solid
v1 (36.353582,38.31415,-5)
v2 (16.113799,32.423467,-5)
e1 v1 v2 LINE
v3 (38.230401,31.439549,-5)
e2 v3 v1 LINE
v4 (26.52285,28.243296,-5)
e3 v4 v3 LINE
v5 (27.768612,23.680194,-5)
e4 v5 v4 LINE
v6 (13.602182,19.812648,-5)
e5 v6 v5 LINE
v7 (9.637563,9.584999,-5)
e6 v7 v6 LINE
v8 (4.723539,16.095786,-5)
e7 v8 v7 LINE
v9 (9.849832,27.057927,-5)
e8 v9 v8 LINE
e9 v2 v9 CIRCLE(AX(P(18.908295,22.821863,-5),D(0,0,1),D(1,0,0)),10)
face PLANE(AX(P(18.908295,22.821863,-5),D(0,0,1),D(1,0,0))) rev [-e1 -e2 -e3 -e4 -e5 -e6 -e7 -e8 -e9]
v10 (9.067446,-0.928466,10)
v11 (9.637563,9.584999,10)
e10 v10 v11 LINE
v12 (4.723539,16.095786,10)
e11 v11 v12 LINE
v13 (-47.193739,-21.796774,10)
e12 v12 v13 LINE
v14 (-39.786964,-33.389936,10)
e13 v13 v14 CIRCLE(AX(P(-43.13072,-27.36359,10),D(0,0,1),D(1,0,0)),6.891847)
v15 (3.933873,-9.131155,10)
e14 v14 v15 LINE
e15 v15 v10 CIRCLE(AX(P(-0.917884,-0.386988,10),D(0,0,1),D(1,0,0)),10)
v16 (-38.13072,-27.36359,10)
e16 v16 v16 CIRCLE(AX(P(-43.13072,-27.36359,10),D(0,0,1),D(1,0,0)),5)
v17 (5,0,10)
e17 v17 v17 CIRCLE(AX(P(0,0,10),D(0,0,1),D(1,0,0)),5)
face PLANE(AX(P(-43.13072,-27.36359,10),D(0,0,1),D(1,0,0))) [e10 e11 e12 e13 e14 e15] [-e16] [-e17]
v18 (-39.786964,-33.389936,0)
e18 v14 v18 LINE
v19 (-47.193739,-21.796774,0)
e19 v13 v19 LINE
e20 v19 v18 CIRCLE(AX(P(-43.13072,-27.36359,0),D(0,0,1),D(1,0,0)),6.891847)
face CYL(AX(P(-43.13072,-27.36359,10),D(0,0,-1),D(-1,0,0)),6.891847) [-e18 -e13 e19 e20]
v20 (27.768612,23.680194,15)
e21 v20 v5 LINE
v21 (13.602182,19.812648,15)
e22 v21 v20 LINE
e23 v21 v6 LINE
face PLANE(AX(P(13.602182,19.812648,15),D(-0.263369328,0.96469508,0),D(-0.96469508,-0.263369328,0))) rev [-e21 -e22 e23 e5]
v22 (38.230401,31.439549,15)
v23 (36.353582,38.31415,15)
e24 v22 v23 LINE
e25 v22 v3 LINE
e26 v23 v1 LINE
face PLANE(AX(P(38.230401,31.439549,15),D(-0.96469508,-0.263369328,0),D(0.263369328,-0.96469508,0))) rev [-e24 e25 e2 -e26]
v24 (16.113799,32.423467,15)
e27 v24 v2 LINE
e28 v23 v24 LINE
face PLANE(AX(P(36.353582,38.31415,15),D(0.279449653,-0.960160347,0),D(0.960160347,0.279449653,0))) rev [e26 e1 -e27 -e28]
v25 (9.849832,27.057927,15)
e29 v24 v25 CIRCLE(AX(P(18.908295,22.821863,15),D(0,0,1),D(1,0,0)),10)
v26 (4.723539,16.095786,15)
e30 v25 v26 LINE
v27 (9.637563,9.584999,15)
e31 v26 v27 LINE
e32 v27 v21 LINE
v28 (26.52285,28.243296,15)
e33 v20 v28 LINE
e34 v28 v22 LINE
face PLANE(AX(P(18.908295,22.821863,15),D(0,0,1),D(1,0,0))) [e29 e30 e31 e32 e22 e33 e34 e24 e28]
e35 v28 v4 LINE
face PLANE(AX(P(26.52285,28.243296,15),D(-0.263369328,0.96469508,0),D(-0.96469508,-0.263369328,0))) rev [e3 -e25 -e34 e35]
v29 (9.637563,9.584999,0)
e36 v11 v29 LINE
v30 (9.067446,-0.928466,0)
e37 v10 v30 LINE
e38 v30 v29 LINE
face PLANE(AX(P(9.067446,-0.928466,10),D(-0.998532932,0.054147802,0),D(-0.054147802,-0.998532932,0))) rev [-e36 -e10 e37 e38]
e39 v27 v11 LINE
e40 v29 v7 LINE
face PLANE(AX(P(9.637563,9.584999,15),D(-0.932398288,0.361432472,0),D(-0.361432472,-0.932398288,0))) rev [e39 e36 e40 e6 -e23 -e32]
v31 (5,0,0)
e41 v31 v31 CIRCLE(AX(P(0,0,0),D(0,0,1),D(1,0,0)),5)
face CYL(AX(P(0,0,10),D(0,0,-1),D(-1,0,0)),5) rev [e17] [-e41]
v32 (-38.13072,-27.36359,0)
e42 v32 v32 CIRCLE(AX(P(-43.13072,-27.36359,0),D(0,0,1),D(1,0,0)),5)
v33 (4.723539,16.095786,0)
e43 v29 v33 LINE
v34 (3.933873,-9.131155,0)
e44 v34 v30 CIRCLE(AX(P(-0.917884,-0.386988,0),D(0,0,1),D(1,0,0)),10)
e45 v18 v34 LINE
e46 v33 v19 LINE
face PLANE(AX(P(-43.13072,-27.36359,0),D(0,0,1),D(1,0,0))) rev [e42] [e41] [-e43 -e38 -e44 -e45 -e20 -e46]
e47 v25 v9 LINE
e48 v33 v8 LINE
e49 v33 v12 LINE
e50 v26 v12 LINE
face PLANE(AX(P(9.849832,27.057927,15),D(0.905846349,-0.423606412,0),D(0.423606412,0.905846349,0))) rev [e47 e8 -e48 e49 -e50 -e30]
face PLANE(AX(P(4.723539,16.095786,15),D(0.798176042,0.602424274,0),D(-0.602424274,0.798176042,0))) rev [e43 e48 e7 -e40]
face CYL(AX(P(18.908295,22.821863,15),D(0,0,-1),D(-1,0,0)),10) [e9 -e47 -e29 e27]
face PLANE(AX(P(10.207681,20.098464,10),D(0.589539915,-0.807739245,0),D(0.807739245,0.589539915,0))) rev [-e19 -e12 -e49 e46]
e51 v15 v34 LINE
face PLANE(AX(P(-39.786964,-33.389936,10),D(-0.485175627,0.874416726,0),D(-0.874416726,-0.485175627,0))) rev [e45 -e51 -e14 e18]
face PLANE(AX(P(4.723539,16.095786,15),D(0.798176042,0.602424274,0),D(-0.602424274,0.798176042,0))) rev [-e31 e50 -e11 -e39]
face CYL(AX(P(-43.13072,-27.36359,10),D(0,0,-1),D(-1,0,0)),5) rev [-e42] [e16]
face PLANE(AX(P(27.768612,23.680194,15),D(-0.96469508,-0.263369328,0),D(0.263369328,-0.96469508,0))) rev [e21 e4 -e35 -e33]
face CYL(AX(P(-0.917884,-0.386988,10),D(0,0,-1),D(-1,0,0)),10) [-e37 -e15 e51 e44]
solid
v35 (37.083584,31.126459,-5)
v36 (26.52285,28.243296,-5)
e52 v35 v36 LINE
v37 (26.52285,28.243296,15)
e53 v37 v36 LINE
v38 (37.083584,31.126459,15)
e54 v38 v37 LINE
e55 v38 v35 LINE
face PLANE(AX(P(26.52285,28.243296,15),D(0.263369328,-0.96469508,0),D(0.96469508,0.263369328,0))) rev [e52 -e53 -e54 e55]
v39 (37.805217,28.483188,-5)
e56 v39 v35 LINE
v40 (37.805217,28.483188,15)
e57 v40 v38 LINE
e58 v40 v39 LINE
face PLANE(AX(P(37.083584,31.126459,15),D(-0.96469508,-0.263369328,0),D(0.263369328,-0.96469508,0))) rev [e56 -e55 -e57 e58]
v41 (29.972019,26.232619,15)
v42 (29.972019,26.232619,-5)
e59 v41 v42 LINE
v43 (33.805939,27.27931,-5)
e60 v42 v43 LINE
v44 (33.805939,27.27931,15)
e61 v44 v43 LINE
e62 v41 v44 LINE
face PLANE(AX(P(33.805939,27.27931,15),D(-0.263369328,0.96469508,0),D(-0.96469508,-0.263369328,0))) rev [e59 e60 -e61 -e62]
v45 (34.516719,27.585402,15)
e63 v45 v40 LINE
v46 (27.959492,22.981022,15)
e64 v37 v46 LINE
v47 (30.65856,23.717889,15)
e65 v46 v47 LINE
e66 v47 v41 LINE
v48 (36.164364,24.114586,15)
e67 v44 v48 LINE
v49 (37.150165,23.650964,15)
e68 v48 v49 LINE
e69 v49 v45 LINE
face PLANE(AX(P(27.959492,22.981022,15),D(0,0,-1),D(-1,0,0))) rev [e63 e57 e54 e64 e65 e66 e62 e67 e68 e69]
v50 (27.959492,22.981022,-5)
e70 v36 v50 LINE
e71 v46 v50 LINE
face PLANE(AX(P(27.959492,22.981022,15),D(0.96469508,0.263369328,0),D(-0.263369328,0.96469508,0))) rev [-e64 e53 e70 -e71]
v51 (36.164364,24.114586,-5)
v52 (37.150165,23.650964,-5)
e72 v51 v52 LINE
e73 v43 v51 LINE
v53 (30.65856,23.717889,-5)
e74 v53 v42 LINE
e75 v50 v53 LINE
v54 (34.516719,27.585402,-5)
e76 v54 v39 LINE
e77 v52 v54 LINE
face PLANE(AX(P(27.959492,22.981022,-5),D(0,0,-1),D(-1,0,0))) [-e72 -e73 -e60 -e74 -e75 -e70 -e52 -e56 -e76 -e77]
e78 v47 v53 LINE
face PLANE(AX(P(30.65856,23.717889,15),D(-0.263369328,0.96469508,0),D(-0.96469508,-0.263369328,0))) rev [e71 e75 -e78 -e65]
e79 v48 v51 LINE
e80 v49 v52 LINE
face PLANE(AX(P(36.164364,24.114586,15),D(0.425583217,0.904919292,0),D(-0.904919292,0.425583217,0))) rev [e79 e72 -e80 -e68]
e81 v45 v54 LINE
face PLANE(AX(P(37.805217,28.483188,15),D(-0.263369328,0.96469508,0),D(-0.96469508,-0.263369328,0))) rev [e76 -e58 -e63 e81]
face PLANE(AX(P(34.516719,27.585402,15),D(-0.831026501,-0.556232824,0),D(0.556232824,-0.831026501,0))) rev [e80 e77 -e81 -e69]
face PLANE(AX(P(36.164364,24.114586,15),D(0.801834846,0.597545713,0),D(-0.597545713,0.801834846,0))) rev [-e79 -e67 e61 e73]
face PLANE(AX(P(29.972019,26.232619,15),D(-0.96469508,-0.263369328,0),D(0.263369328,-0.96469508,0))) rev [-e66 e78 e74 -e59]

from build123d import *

# Parameters (mm, degrees)
SKETCH_1_R      = 5
EXTRUDE_1_DEPTH = 10
EXTRUDE_2_DEPTH = 10
EXTRUDE_3_DEPTH = 10


with BuildPart() as part:
    # 草图1 → 凸台-拉伸1 (new body)
    with BuildSketch(Plane.XY):
        with BuildLine():
            Line((10.207680571, 20.09846448), (-47.193739247, -21.796773851))
            ThreePointArc((-47.193739247, -21.796773851), (-48.938446672, -31.074098067), (-39.786963622, -33.389936271))
            Line((-39.786963622, -33.389936271), (3.933872673, -9.131154899))
            ThreePointArc((3.933872673, -9.131154899), (7.558896736, -5.692097923), (9.067445715, -0.928465662))
            Line((9.067445715, -0.928465662), (10.207680571, 20.09846448))
        make_face()
        Circle(SKETCH_1_R, mode=Mode.SUBTRACT)
        with Locations((-43.130720056, -27.363589547)):
            Circle(SKETCH_1_R, mode=Mode.SUBTRACT)
    extrude(amount=EXTRUDE_1_DEPTH)

    # 草图2 → 凸台-拉伸2 (add, symmetric)
    with BuildSketch(Plane.XY.offset(5)):
        with BuildLine():
            Line((9.637563143, 9.584999409), (13.60218242, 19.812647766))
            Line((13.60218242, 19.812647766), (27.768612438, 23.680194348))
            Line((27.768612438, 23.680194348), (26.522849943, 28.243295743))
            Line((26.522849943, 28.243295743), (38.23040149, 31.439549204))
            Line((38.23040149, 31.439549204), (36.353581581, 38.314149761))
            Line((36.353581581, 38.314149761), (16.113798559, 32.423466643))
            ThreePointArc((16.113798559, 32.423466643), (12.402880543, 30.416570646), (9.849831601, 27.057927293))
            Line((9.849831601, 27.057927293), (4.723539283, 16.095786375))
            Line((4.723539283, 16.095786375), (9.637563143, 9.584999409))
        make_face()
    extrude(amount=EXTRUDE_2_DEPTH, both=True)


with BuildPart() as body_2:
    # 草图3 → 凸台-拉伸3 (new body, symmetric)
    with BuildSketch(Plane.XY.offset(5)):
        Polygon((27.959492024, 22.981021825), (26.522849943, 28.243295743), (37.083583517, 31.126458896), (37.805217266, 28.483187822), (34.516719177, 27.585402033), (37.150165431, 23.650963909), (36.164364178, 24.114585883), (33.805939355, 27.27930979), (29.972019118, 26.232619475), (30.658560366, 23.717888666), align=None)
    extrude(amount=EXTRUDE_3_DEPTH, both=True)


solid = Compound([part.part, body_2.part])
